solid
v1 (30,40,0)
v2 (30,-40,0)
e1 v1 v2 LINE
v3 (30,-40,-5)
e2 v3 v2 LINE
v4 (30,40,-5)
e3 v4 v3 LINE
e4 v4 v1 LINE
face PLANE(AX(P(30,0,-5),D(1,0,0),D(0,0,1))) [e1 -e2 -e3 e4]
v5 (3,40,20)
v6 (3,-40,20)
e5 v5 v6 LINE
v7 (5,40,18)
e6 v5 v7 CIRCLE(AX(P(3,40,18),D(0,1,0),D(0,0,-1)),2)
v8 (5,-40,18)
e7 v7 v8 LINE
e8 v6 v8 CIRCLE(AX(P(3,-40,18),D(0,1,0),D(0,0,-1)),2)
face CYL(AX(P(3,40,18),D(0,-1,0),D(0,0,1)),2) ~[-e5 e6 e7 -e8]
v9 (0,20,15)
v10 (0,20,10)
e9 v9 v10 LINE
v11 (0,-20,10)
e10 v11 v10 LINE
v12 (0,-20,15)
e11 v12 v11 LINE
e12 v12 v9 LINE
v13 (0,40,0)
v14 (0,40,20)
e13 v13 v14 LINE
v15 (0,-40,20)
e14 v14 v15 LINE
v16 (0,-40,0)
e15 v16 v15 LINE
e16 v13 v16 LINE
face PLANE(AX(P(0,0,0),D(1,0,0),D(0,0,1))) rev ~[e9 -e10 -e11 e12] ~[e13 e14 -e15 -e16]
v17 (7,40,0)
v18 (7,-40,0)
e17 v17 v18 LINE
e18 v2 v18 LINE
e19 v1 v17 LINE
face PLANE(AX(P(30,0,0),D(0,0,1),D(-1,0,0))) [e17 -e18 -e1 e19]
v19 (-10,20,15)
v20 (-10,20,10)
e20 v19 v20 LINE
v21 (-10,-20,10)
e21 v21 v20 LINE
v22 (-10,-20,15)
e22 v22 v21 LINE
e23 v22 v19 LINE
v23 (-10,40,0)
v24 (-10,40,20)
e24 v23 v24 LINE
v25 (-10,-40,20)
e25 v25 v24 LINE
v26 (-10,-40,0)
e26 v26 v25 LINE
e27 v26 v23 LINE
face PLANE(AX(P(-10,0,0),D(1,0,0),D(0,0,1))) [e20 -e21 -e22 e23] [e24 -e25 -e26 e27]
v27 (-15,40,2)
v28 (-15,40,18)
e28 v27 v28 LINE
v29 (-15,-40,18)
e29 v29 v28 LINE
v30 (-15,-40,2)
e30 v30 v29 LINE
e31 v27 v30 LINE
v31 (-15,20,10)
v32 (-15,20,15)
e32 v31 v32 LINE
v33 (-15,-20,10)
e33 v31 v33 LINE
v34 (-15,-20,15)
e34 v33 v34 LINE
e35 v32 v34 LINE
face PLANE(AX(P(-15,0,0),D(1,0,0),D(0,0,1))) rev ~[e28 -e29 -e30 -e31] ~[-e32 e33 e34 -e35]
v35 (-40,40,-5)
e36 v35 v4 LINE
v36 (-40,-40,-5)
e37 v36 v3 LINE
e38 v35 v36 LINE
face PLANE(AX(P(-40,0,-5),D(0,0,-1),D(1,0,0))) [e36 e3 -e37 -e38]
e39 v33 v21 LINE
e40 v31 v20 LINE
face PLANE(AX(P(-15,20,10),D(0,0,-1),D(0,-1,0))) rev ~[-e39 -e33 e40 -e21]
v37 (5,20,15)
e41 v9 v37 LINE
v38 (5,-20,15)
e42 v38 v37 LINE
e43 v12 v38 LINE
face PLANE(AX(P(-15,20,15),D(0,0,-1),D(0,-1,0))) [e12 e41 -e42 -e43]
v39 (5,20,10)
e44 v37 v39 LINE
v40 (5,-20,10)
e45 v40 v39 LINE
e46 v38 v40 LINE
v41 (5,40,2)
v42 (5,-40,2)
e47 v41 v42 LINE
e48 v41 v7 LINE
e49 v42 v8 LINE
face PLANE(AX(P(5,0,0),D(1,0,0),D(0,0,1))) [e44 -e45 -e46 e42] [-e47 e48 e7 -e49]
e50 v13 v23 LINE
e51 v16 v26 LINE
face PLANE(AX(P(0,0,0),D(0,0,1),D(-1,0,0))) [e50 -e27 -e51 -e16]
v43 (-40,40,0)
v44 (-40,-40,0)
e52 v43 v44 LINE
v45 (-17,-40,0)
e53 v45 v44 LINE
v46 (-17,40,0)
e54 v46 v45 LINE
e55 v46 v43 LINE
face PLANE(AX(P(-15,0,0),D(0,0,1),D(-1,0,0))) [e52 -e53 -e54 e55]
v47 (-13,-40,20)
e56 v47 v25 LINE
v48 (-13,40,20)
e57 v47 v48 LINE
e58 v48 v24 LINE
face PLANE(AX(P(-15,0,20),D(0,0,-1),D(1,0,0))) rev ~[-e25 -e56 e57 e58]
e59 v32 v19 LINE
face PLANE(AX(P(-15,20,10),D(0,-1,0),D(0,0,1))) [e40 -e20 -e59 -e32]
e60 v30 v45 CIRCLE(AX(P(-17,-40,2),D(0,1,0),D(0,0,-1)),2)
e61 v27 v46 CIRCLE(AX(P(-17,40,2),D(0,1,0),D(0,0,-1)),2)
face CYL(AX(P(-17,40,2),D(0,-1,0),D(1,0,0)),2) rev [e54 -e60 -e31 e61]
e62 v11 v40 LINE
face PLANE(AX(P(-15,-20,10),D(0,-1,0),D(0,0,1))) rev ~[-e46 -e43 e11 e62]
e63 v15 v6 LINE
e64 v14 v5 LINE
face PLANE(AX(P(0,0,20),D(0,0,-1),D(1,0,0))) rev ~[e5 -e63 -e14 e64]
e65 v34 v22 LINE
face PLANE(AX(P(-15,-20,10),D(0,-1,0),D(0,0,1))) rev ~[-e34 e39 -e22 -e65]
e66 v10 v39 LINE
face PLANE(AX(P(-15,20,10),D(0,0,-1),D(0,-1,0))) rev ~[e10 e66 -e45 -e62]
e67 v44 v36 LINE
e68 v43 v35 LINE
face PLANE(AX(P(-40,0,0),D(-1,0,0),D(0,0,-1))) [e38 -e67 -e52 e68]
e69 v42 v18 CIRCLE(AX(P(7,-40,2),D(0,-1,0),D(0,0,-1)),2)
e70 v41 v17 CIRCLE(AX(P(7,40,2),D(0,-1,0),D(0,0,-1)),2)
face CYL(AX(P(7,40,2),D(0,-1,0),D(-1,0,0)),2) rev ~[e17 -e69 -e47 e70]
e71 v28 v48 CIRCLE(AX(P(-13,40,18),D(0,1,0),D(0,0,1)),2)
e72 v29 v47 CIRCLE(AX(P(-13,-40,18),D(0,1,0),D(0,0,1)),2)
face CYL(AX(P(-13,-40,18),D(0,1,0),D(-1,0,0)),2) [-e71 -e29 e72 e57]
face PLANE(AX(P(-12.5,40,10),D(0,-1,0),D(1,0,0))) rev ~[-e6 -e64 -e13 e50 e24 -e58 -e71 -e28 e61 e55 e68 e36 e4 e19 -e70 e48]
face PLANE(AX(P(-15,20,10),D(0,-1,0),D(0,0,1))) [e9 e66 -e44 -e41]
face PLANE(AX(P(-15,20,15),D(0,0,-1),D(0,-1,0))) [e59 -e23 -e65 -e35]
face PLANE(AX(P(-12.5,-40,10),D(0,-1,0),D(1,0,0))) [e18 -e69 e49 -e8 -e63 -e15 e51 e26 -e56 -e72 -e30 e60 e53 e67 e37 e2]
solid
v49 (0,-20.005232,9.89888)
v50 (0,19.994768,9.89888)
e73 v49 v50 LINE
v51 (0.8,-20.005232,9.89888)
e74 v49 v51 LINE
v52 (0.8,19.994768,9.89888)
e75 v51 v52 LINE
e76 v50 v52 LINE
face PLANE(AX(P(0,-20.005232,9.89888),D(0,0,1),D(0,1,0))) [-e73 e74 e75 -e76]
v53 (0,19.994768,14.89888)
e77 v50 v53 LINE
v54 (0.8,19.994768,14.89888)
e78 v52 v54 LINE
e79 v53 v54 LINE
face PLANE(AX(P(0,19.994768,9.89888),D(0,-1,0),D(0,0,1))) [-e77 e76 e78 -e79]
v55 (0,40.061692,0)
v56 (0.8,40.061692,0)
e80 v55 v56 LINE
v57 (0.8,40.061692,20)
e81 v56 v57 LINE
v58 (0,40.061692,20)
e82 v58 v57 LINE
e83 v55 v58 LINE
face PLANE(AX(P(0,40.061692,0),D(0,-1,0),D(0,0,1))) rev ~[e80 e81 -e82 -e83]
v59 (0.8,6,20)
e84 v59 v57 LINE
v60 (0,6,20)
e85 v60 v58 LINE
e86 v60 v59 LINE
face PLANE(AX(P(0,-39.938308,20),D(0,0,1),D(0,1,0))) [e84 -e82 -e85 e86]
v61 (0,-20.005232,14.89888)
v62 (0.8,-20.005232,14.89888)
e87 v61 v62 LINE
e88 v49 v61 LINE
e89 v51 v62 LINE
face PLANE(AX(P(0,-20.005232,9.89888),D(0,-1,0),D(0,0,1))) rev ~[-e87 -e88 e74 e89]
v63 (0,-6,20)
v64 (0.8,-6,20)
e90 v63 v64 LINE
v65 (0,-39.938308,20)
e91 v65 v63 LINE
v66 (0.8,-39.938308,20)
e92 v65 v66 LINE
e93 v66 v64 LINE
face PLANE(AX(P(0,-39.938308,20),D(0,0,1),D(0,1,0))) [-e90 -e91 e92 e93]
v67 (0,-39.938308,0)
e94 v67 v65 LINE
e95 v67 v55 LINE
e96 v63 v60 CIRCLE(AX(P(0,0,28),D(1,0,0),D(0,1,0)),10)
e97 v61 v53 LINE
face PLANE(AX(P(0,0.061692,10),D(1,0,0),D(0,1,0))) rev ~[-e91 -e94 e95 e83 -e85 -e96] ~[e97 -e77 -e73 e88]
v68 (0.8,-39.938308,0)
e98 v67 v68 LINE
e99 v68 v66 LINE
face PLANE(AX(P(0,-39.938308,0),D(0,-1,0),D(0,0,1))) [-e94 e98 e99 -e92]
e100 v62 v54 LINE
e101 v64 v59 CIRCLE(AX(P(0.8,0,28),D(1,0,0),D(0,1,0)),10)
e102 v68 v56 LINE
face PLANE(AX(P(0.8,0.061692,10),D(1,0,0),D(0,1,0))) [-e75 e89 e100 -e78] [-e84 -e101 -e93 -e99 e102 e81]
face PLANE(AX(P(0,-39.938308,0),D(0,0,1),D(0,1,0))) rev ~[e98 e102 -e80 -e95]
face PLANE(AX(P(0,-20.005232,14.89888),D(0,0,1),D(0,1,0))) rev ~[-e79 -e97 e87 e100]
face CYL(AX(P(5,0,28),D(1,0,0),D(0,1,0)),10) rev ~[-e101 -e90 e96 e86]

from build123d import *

# Parameters (mm, degrees)
F0_W     = 5
F0_H     = 20
F1_DEPTH = 40
F2_R     = 2
F3_R     = 2
F4_W     = 40
F4_H     = 5
F5_DEPTH = 25
F6_R     = 10
F7_DEPTH = 25
F8_W     = 80
F8_H     = 20
F8_W_2   = 40
F8_H_2   = 5
F9_DEPTH = 0.8


with BuildPart() as f1:
    # F0 (on Front) → F1 (new body, symmetric)
    with BuildSketch(Plane.XZ):
        with Locations((-12.5, 10)):
            Rectangle(F0_W, F0_H)
        Polygon((0, 0), (-10, 0), (-15, 0), (-40, 0), (-40, -5), (0, -5), align=None)
        with Locations((2.5, 10)):
            Rectangle(F0_W, F0_H)
        Polygon((5, 0), (0, 0), (0, -5), (30, -5), (30, 0), align=None)
    extrude(amount=F1_DEPTH, both=True)

    # F2
    f2_edges = [f1.edges().sort_by_distance(p)[0] for p in [
        (5, 0, 0),
        (-15, 0, 0),
    ]]
    fillet(f2_edges, radius=F2_R)

    # F3
    f3_edges = [f1.edges().sort_by_distance(p)[0] for p in [
        (-15, 0, 20),
        (5, 0, 20),
    ]]
    fillet(f3_edges, radius=F3_R)

    # F4 (on face) → F5 (cut)
    with BuildSketch(Plane(origin=(-15, 0, 0), x_dir=(0, -1, 0), z_dir=(-1, 0, 0))):
        with Locations((0, 12.5)):
            Rectangle(F4_W, F4_H)
    extrude(amount=-F5_DEPTH, mode=Mode.SUBTRACT)


with BuildPart() as f7:
    # F6 (on face) → F7 (new body)
    with BuildSketch(Plane.YZ.offset(5)):
        with Locations((0, 28)):
            Circle(F6_R)
    extrude(amount=-F7_DEPTH)


with BuildPart() as f9:
    # F8 (on Right) → F9 (new body)
    with BuildSketch(Plane.YZ):
        with Locations((0.0616917014, 10)):
            Rectangle(F8_W, F8_H)
        with Locations((-0.0052317232, 12.3988804966)):
            Rectangle(F8_W_2, F8_H_2, mode=Mode.SUBTRACT)
    extrude(amount=F9_DEPTH)

    # F10: cut F7
    add(f7.part, mode=Mode.SUBTRACT)


solid = Compound([f1.part, f9.part])
